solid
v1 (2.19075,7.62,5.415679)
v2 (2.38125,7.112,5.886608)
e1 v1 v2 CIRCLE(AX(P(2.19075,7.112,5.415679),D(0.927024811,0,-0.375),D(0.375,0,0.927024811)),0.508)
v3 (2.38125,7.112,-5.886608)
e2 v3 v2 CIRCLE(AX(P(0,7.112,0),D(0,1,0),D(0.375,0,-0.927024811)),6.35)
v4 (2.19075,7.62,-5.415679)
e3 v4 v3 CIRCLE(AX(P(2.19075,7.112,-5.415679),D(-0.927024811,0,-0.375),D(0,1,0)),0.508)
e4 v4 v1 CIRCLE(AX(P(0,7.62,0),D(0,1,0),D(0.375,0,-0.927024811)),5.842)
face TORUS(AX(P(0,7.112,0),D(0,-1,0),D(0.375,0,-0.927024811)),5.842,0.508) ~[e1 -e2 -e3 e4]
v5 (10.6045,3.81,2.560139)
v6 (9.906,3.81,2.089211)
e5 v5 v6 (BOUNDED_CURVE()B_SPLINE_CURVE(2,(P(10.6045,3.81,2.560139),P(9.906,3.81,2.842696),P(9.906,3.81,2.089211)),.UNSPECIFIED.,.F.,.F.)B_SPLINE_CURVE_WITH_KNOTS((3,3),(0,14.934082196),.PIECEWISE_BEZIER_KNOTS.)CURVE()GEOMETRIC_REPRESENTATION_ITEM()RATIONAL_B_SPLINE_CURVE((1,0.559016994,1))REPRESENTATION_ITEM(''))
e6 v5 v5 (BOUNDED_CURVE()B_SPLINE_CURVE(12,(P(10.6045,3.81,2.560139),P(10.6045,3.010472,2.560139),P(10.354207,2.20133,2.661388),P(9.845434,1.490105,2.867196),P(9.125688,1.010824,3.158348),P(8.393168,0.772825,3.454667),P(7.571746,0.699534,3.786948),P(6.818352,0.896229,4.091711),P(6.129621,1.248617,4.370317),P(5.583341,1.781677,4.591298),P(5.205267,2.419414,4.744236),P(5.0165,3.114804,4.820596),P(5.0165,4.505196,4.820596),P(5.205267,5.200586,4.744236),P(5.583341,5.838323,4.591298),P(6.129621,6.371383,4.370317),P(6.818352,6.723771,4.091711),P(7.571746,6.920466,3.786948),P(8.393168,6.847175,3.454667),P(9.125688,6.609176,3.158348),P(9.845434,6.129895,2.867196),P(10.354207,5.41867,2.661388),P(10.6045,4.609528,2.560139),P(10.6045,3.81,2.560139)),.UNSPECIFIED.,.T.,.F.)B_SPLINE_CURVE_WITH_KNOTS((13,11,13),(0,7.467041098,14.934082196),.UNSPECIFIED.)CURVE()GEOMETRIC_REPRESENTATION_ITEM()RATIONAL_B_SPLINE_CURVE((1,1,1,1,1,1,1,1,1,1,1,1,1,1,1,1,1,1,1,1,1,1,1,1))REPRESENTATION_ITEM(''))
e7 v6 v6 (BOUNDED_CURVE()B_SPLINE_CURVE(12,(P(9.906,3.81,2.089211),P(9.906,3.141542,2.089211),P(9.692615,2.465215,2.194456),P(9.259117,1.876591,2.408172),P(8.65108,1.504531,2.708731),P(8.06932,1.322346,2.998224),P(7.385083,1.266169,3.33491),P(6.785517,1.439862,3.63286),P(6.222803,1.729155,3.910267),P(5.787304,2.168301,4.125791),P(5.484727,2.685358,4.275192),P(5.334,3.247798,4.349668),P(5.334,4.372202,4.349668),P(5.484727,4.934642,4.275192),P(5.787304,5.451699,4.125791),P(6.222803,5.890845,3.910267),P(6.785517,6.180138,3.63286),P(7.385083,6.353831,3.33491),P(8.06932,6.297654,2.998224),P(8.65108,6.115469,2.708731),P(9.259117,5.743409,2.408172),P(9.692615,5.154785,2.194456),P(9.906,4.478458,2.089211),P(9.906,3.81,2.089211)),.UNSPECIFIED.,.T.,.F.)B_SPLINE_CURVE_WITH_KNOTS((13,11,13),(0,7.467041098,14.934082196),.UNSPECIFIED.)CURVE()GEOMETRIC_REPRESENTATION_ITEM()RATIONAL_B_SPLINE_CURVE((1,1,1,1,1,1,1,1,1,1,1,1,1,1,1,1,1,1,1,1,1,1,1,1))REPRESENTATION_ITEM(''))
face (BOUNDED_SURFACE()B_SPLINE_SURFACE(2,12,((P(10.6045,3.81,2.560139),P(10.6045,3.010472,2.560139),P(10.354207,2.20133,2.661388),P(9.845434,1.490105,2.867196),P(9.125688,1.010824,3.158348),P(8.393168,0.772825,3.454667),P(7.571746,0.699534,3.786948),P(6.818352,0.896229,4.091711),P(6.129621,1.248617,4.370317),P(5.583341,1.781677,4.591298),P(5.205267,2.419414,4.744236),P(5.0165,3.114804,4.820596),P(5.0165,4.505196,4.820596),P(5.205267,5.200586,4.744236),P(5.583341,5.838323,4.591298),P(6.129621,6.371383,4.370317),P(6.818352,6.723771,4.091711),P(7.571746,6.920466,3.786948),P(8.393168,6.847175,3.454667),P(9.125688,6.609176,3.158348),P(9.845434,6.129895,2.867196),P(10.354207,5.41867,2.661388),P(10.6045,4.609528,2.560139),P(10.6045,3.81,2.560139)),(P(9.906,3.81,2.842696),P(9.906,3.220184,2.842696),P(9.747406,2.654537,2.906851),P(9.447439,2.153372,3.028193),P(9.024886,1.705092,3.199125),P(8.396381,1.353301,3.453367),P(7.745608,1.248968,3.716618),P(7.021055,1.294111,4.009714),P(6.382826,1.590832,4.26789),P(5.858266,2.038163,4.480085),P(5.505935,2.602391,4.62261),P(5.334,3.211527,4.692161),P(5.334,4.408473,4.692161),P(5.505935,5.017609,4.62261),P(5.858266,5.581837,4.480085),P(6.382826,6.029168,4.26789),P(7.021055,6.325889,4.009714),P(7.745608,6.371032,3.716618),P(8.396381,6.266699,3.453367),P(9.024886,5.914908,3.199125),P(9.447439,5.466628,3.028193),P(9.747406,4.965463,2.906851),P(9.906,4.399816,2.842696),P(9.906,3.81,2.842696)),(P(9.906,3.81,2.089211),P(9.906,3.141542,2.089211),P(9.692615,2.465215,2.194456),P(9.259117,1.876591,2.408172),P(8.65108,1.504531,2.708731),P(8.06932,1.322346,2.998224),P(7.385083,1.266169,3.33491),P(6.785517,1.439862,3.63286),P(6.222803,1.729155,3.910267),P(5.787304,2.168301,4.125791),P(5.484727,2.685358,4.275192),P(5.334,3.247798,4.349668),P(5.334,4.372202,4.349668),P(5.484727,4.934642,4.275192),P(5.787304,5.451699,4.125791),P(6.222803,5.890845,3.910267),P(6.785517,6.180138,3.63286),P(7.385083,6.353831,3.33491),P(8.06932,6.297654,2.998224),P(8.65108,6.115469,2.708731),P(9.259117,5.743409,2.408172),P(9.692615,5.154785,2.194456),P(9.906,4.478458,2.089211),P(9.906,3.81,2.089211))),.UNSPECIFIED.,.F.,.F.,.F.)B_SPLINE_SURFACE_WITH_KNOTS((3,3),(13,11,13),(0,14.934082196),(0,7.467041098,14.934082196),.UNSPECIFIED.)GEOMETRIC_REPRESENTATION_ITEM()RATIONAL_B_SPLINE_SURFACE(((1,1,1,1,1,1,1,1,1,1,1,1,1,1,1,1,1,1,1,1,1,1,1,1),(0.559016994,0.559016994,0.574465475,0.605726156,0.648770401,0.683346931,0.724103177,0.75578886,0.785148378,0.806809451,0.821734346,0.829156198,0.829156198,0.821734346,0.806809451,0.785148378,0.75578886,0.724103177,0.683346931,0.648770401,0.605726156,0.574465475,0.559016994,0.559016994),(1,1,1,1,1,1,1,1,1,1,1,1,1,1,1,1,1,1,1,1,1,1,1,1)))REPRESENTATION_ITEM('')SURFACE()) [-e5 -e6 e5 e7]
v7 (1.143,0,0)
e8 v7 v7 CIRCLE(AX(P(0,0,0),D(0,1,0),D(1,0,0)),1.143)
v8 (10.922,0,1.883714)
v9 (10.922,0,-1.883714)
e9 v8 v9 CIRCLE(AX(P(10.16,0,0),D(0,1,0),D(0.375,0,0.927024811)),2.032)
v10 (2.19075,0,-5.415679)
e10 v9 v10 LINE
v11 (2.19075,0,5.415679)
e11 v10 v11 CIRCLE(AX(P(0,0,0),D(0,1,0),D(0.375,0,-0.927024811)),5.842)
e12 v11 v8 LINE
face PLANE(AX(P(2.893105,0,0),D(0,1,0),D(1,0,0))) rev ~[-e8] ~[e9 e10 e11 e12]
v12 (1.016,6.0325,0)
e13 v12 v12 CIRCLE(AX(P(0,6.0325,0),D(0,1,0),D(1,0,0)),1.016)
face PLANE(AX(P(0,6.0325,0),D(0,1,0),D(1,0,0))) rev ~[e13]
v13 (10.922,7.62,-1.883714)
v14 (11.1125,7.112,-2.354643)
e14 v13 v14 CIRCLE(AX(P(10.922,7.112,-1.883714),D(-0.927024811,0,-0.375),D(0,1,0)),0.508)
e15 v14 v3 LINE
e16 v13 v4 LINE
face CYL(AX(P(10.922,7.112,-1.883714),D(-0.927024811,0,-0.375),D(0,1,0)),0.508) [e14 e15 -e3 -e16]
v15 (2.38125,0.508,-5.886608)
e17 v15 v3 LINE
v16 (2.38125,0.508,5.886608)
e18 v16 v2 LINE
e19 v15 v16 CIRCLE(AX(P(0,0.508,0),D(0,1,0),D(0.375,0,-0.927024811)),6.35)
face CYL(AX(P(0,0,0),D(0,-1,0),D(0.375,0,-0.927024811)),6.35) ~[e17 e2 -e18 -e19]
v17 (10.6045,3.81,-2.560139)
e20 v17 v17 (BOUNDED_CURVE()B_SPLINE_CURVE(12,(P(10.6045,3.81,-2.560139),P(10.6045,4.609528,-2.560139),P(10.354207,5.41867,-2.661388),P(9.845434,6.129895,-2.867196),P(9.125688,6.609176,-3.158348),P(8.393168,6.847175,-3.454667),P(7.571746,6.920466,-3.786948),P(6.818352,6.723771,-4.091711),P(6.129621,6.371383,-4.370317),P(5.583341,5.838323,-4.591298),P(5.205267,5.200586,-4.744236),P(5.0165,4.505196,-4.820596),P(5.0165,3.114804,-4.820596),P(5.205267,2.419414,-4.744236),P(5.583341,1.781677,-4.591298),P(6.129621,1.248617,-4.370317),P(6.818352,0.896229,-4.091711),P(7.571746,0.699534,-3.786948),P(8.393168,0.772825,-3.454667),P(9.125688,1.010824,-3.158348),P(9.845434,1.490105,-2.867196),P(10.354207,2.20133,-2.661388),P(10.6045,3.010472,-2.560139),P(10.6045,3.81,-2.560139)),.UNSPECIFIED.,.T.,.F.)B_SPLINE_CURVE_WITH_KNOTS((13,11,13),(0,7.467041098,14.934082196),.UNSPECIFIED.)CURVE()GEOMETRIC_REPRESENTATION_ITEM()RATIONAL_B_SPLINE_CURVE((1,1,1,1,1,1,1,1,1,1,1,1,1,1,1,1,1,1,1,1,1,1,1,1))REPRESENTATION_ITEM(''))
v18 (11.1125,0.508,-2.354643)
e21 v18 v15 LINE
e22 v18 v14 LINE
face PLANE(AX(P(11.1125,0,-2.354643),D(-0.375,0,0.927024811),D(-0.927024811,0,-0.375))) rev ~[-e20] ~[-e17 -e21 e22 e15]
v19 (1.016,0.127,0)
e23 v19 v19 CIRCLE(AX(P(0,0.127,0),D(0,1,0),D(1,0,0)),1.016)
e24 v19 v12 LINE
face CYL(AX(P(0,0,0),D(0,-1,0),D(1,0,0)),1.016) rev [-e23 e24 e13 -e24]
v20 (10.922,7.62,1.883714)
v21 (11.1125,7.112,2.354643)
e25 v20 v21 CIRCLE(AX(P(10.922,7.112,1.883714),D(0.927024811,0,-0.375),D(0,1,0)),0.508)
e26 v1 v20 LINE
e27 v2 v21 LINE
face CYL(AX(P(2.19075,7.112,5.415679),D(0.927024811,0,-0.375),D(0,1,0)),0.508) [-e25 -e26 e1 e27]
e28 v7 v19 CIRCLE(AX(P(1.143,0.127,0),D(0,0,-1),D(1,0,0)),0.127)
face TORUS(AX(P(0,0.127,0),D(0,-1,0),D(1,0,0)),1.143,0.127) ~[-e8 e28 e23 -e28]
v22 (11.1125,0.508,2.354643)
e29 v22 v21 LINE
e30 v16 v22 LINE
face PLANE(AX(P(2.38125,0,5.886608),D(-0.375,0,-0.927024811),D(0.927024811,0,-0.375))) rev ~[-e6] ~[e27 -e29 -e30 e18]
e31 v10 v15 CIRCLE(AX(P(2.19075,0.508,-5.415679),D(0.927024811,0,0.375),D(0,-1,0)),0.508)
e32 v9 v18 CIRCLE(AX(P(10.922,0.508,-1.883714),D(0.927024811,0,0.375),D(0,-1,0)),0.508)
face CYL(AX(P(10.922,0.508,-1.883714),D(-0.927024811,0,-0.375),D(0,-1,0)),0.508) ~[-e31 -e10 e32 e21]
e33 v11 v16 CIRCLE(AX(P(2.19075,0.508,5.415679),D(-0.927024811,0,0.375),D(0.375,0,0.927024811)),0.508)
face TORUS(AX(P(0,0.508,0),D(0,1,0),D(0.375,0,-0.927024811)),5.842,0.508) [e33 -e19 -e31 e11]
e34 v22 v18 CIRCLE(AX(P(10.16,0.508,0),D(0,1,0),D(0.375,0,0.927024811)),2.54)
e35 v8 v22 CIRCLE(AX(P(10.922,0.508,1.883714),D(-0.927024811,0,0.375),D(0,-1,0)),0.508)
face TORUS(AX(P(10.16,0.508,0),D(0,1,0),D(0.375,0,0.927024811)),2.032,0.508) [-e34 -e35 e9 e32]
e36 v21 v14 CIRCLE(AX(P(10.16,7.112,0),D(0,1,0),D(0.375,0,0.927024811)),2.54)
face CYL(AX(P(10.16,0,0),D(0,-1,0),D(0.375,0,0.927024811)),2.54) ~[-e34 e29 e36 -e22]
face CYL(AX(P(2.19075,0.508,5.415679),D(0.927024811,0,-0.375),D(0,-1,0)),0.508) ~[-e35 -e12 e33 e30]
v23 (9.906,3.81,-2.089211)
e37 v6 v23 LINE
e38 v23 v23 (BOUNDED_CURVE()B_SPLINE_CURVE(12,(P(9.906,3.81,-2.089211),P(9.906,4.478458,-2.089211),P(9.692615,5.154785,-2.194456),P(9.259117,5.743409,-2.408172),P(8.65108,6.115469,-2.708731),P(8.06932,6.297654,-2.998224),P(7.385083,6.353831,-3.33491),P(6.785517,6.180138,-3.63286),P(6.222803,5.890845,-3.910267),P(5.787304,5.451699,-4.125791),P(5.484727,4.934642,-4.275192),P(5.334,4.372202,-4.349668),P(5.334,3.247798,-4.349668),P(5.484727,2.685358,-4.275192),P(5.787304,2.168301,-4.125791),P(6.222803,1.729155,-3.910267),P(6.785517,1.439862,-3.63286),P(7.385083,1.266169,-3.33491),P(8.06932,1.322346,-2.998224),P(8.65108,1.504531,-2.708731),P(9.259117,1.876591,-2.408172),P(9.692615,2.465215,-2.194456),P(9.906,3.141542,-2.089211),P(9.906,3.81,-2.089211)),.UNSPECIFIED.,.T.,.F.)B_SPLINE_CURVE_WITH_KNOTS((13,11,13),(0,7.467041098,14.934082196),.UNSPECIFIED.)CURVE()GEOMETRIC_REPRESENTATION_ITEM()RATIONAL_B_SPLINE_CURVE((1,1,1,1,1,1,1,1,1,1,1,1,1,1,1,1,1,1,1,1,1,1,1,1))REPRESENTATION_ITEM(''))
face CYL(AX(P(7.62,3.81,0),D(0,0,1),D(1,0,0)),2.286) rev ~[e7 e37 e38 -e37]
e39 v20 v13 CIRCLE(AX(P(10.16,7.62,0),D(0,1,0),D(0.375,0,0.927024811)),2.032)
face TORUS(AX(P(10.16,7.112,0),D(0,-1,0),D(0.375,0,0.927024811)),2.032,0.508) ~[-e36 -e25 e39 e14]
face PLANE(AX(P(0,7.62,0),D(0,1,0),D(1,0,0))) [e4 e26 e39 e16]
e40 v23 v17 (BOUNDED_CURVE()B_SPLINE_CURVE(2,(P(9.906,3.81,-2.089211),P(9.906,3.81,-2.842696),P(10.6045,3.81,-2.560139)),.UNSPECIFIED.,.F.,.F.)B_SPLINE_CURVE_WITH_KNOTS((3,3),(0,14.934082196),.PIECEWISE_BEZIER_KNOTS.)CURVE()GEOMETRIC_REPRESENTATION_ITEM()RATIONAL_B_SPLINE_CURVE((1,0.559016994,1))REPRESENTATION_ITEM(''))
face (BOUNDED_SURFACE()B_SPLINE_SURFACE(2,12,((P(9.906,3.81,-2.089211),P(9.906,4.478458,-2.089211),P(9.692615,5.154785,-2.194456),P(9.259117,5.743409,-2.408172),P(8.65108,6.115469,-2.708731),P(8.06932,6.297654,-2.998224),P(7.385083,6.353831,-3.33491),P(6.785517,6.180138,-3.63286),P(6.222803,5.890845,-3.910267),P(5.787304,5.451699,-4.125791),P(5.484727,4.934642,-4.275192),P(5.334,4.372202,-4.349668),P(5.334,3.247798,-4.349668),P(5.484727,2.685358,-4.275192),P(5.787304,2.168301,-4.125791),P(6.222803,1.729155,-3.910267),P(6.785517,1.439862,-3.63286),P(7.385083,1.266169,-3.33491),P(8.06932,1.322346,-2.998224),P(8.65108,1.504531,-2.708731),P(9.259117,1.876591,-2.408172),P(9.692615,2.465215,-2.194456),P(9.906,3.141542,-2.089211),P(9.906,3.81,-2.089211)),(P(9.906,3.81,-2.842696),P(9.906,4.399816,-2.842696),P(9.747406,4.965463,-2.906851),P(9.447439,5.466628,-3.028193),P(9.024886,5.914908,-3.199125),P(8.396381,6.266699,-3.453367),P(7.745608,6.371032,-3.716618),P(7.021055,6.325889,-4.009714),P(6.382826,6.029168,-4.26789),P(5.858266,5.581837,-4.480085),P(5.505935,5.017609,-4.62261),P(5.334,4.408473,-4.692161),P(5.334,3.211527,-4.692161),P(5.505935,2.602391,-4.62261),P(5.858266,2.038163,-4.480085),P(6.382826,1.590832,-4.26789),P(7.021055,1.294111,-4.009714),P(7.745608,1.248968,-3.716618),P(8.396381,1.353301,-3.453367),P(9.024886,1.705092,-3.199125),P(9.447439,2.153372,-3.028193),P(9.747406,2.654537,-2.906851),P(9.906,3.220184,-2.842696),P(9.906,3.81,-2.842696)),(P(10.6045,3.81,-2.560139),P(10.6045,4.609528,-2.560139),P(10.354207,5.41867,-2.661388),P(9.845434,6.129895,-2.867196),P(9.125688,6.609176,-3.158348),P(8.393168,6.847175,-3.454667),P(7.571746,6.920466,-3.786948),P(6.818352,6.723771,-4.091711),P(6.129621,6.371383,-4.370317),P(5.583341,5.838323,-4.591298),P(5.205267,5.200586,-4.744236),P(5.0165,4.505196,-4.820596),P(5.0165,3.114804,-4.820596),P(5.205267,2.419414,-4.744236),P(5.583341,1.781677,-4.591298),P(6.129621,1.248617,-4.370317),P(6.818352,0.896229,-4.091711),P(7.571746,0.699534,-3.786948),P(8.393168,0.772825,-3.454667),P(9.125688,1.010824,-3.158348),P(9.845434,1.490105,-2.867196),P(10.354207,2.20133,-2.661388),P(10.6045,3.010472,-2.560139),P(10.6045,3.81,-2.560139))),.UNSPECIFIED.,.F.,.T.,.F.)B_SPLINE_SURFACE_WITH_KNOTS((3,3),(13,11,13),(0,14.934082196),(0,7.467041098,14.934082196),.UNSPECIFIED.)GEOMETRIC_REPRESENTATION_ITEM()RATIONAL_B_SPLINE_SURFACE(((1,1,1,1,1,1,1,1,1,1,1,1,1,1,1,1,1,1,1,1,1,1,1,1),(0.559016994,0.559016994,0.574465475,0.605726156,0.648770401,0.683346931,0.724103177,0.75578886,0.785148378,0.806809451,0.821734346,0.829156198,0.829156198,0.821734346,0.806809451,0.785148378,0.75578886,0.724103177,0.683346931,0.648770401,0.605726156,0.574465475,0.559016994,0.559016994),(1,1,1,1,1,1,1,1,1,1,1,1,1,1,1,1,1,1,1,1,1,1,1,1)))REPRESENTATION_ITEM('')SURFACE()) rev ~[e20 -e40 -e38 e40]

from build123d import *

# Parameters (mm, degrees)
SKETCH1_R               = 1.016
BOSS_EXTRUDE1_DEPTH     = 7.62
SKETCH2_R               = 1.016
BOSS_EXTRUDE2_DEPTH     = 1.5875
SKETCH3_R               = 2.286
CUT_EXTRUDE1_DEPTH      = 7.35
CUT_EXTRUDE1_DEPTH_BACK = 7.35
FILLET1_R               = 0.508
FILLET2_R               = 0.127


with BuildPart() as part:
    # Sketch1 → Boss-Extrude1 (new body)
    with BuildSketch(Plane(origin=(0, 0, 0), x_dir=(1, 0, 0), z_dir=(0, 1, 0))):
        with BuildLine():
            Line((11.1125, 2.35464302), (2.38125, 5.886607549))
            ThreePointArc((2.38125, 5.886607549), (-6.35, 0), (2.38125, -5.886607549))
            Line((2.38125, -5.886607549), (11.1125, -2.35464302))
            ThreePointArc((11.1125, -2.35464302), (12.7, 0), (11.1125, 2.35464302))
        make_face()
        Circle(SKETCH1_R, mode=Mode.SUBTRACT)
    extrude(amount=BOSS_EXTRUDE1_DEPTH)

    # Sketch2 → Boss-Extrude2 (add)
    with BuildSketch(Plane(origin=(0, 7.62, 0), x_dir=(1, 0, 0), z_dir=(0, 1, 0))):
        Circle(SKETCH2_R)
    extrude(amount=-BOSS_EXTRUDE2_DEPTH)

    # Sketch3 → Cut-Extrude1 (cut, two sides)
    with BuildSketch(Plane.XY) as cut_extrude1_sk:
        with Locations((7.62, 3.81)):
            Circle(SKETCH3_R)
    extrude(amount=CUT_EXTRUDE1_DEPTH, mode=Mode.SUBTRACT)
    extrude(cut_extrude1_sk.sketch, amount=-CUT_EXTRUDE1_DEPTH_BACK, mode=Mode.SUBTRACT)

    # Fillet1
    fillet1_edges = [part.edges().sort_by_distance(p)[0] for p in [
        (6.746875, 0, -4.120625284),
        (6.746875, 7.62, -4.120625284),
        (5.334, 3.809986249, -4.692161363),
        (5.334, 3.810013751, 4.692161363),
        (6.746875, 0, 4.120625284),
        (6.746875, 7.62, 4.120625284),
        (-6.35, 0, 0),
        (-6.35, 7.62, 0),
        (12.7, 7.62, 0),
        (12.7, 0, 0),
    ]]
    fillet(fillet1_edges, radius=FILLET1_R)

    # Fillet2
    fillet2_edges = [part.edges().sort_by_distance(p)[0] for p in [
        (-1.016, 0, 0),
    ]]
    fillet(fillet2_edges, radius=FILLET2_R)


solid = part.part
